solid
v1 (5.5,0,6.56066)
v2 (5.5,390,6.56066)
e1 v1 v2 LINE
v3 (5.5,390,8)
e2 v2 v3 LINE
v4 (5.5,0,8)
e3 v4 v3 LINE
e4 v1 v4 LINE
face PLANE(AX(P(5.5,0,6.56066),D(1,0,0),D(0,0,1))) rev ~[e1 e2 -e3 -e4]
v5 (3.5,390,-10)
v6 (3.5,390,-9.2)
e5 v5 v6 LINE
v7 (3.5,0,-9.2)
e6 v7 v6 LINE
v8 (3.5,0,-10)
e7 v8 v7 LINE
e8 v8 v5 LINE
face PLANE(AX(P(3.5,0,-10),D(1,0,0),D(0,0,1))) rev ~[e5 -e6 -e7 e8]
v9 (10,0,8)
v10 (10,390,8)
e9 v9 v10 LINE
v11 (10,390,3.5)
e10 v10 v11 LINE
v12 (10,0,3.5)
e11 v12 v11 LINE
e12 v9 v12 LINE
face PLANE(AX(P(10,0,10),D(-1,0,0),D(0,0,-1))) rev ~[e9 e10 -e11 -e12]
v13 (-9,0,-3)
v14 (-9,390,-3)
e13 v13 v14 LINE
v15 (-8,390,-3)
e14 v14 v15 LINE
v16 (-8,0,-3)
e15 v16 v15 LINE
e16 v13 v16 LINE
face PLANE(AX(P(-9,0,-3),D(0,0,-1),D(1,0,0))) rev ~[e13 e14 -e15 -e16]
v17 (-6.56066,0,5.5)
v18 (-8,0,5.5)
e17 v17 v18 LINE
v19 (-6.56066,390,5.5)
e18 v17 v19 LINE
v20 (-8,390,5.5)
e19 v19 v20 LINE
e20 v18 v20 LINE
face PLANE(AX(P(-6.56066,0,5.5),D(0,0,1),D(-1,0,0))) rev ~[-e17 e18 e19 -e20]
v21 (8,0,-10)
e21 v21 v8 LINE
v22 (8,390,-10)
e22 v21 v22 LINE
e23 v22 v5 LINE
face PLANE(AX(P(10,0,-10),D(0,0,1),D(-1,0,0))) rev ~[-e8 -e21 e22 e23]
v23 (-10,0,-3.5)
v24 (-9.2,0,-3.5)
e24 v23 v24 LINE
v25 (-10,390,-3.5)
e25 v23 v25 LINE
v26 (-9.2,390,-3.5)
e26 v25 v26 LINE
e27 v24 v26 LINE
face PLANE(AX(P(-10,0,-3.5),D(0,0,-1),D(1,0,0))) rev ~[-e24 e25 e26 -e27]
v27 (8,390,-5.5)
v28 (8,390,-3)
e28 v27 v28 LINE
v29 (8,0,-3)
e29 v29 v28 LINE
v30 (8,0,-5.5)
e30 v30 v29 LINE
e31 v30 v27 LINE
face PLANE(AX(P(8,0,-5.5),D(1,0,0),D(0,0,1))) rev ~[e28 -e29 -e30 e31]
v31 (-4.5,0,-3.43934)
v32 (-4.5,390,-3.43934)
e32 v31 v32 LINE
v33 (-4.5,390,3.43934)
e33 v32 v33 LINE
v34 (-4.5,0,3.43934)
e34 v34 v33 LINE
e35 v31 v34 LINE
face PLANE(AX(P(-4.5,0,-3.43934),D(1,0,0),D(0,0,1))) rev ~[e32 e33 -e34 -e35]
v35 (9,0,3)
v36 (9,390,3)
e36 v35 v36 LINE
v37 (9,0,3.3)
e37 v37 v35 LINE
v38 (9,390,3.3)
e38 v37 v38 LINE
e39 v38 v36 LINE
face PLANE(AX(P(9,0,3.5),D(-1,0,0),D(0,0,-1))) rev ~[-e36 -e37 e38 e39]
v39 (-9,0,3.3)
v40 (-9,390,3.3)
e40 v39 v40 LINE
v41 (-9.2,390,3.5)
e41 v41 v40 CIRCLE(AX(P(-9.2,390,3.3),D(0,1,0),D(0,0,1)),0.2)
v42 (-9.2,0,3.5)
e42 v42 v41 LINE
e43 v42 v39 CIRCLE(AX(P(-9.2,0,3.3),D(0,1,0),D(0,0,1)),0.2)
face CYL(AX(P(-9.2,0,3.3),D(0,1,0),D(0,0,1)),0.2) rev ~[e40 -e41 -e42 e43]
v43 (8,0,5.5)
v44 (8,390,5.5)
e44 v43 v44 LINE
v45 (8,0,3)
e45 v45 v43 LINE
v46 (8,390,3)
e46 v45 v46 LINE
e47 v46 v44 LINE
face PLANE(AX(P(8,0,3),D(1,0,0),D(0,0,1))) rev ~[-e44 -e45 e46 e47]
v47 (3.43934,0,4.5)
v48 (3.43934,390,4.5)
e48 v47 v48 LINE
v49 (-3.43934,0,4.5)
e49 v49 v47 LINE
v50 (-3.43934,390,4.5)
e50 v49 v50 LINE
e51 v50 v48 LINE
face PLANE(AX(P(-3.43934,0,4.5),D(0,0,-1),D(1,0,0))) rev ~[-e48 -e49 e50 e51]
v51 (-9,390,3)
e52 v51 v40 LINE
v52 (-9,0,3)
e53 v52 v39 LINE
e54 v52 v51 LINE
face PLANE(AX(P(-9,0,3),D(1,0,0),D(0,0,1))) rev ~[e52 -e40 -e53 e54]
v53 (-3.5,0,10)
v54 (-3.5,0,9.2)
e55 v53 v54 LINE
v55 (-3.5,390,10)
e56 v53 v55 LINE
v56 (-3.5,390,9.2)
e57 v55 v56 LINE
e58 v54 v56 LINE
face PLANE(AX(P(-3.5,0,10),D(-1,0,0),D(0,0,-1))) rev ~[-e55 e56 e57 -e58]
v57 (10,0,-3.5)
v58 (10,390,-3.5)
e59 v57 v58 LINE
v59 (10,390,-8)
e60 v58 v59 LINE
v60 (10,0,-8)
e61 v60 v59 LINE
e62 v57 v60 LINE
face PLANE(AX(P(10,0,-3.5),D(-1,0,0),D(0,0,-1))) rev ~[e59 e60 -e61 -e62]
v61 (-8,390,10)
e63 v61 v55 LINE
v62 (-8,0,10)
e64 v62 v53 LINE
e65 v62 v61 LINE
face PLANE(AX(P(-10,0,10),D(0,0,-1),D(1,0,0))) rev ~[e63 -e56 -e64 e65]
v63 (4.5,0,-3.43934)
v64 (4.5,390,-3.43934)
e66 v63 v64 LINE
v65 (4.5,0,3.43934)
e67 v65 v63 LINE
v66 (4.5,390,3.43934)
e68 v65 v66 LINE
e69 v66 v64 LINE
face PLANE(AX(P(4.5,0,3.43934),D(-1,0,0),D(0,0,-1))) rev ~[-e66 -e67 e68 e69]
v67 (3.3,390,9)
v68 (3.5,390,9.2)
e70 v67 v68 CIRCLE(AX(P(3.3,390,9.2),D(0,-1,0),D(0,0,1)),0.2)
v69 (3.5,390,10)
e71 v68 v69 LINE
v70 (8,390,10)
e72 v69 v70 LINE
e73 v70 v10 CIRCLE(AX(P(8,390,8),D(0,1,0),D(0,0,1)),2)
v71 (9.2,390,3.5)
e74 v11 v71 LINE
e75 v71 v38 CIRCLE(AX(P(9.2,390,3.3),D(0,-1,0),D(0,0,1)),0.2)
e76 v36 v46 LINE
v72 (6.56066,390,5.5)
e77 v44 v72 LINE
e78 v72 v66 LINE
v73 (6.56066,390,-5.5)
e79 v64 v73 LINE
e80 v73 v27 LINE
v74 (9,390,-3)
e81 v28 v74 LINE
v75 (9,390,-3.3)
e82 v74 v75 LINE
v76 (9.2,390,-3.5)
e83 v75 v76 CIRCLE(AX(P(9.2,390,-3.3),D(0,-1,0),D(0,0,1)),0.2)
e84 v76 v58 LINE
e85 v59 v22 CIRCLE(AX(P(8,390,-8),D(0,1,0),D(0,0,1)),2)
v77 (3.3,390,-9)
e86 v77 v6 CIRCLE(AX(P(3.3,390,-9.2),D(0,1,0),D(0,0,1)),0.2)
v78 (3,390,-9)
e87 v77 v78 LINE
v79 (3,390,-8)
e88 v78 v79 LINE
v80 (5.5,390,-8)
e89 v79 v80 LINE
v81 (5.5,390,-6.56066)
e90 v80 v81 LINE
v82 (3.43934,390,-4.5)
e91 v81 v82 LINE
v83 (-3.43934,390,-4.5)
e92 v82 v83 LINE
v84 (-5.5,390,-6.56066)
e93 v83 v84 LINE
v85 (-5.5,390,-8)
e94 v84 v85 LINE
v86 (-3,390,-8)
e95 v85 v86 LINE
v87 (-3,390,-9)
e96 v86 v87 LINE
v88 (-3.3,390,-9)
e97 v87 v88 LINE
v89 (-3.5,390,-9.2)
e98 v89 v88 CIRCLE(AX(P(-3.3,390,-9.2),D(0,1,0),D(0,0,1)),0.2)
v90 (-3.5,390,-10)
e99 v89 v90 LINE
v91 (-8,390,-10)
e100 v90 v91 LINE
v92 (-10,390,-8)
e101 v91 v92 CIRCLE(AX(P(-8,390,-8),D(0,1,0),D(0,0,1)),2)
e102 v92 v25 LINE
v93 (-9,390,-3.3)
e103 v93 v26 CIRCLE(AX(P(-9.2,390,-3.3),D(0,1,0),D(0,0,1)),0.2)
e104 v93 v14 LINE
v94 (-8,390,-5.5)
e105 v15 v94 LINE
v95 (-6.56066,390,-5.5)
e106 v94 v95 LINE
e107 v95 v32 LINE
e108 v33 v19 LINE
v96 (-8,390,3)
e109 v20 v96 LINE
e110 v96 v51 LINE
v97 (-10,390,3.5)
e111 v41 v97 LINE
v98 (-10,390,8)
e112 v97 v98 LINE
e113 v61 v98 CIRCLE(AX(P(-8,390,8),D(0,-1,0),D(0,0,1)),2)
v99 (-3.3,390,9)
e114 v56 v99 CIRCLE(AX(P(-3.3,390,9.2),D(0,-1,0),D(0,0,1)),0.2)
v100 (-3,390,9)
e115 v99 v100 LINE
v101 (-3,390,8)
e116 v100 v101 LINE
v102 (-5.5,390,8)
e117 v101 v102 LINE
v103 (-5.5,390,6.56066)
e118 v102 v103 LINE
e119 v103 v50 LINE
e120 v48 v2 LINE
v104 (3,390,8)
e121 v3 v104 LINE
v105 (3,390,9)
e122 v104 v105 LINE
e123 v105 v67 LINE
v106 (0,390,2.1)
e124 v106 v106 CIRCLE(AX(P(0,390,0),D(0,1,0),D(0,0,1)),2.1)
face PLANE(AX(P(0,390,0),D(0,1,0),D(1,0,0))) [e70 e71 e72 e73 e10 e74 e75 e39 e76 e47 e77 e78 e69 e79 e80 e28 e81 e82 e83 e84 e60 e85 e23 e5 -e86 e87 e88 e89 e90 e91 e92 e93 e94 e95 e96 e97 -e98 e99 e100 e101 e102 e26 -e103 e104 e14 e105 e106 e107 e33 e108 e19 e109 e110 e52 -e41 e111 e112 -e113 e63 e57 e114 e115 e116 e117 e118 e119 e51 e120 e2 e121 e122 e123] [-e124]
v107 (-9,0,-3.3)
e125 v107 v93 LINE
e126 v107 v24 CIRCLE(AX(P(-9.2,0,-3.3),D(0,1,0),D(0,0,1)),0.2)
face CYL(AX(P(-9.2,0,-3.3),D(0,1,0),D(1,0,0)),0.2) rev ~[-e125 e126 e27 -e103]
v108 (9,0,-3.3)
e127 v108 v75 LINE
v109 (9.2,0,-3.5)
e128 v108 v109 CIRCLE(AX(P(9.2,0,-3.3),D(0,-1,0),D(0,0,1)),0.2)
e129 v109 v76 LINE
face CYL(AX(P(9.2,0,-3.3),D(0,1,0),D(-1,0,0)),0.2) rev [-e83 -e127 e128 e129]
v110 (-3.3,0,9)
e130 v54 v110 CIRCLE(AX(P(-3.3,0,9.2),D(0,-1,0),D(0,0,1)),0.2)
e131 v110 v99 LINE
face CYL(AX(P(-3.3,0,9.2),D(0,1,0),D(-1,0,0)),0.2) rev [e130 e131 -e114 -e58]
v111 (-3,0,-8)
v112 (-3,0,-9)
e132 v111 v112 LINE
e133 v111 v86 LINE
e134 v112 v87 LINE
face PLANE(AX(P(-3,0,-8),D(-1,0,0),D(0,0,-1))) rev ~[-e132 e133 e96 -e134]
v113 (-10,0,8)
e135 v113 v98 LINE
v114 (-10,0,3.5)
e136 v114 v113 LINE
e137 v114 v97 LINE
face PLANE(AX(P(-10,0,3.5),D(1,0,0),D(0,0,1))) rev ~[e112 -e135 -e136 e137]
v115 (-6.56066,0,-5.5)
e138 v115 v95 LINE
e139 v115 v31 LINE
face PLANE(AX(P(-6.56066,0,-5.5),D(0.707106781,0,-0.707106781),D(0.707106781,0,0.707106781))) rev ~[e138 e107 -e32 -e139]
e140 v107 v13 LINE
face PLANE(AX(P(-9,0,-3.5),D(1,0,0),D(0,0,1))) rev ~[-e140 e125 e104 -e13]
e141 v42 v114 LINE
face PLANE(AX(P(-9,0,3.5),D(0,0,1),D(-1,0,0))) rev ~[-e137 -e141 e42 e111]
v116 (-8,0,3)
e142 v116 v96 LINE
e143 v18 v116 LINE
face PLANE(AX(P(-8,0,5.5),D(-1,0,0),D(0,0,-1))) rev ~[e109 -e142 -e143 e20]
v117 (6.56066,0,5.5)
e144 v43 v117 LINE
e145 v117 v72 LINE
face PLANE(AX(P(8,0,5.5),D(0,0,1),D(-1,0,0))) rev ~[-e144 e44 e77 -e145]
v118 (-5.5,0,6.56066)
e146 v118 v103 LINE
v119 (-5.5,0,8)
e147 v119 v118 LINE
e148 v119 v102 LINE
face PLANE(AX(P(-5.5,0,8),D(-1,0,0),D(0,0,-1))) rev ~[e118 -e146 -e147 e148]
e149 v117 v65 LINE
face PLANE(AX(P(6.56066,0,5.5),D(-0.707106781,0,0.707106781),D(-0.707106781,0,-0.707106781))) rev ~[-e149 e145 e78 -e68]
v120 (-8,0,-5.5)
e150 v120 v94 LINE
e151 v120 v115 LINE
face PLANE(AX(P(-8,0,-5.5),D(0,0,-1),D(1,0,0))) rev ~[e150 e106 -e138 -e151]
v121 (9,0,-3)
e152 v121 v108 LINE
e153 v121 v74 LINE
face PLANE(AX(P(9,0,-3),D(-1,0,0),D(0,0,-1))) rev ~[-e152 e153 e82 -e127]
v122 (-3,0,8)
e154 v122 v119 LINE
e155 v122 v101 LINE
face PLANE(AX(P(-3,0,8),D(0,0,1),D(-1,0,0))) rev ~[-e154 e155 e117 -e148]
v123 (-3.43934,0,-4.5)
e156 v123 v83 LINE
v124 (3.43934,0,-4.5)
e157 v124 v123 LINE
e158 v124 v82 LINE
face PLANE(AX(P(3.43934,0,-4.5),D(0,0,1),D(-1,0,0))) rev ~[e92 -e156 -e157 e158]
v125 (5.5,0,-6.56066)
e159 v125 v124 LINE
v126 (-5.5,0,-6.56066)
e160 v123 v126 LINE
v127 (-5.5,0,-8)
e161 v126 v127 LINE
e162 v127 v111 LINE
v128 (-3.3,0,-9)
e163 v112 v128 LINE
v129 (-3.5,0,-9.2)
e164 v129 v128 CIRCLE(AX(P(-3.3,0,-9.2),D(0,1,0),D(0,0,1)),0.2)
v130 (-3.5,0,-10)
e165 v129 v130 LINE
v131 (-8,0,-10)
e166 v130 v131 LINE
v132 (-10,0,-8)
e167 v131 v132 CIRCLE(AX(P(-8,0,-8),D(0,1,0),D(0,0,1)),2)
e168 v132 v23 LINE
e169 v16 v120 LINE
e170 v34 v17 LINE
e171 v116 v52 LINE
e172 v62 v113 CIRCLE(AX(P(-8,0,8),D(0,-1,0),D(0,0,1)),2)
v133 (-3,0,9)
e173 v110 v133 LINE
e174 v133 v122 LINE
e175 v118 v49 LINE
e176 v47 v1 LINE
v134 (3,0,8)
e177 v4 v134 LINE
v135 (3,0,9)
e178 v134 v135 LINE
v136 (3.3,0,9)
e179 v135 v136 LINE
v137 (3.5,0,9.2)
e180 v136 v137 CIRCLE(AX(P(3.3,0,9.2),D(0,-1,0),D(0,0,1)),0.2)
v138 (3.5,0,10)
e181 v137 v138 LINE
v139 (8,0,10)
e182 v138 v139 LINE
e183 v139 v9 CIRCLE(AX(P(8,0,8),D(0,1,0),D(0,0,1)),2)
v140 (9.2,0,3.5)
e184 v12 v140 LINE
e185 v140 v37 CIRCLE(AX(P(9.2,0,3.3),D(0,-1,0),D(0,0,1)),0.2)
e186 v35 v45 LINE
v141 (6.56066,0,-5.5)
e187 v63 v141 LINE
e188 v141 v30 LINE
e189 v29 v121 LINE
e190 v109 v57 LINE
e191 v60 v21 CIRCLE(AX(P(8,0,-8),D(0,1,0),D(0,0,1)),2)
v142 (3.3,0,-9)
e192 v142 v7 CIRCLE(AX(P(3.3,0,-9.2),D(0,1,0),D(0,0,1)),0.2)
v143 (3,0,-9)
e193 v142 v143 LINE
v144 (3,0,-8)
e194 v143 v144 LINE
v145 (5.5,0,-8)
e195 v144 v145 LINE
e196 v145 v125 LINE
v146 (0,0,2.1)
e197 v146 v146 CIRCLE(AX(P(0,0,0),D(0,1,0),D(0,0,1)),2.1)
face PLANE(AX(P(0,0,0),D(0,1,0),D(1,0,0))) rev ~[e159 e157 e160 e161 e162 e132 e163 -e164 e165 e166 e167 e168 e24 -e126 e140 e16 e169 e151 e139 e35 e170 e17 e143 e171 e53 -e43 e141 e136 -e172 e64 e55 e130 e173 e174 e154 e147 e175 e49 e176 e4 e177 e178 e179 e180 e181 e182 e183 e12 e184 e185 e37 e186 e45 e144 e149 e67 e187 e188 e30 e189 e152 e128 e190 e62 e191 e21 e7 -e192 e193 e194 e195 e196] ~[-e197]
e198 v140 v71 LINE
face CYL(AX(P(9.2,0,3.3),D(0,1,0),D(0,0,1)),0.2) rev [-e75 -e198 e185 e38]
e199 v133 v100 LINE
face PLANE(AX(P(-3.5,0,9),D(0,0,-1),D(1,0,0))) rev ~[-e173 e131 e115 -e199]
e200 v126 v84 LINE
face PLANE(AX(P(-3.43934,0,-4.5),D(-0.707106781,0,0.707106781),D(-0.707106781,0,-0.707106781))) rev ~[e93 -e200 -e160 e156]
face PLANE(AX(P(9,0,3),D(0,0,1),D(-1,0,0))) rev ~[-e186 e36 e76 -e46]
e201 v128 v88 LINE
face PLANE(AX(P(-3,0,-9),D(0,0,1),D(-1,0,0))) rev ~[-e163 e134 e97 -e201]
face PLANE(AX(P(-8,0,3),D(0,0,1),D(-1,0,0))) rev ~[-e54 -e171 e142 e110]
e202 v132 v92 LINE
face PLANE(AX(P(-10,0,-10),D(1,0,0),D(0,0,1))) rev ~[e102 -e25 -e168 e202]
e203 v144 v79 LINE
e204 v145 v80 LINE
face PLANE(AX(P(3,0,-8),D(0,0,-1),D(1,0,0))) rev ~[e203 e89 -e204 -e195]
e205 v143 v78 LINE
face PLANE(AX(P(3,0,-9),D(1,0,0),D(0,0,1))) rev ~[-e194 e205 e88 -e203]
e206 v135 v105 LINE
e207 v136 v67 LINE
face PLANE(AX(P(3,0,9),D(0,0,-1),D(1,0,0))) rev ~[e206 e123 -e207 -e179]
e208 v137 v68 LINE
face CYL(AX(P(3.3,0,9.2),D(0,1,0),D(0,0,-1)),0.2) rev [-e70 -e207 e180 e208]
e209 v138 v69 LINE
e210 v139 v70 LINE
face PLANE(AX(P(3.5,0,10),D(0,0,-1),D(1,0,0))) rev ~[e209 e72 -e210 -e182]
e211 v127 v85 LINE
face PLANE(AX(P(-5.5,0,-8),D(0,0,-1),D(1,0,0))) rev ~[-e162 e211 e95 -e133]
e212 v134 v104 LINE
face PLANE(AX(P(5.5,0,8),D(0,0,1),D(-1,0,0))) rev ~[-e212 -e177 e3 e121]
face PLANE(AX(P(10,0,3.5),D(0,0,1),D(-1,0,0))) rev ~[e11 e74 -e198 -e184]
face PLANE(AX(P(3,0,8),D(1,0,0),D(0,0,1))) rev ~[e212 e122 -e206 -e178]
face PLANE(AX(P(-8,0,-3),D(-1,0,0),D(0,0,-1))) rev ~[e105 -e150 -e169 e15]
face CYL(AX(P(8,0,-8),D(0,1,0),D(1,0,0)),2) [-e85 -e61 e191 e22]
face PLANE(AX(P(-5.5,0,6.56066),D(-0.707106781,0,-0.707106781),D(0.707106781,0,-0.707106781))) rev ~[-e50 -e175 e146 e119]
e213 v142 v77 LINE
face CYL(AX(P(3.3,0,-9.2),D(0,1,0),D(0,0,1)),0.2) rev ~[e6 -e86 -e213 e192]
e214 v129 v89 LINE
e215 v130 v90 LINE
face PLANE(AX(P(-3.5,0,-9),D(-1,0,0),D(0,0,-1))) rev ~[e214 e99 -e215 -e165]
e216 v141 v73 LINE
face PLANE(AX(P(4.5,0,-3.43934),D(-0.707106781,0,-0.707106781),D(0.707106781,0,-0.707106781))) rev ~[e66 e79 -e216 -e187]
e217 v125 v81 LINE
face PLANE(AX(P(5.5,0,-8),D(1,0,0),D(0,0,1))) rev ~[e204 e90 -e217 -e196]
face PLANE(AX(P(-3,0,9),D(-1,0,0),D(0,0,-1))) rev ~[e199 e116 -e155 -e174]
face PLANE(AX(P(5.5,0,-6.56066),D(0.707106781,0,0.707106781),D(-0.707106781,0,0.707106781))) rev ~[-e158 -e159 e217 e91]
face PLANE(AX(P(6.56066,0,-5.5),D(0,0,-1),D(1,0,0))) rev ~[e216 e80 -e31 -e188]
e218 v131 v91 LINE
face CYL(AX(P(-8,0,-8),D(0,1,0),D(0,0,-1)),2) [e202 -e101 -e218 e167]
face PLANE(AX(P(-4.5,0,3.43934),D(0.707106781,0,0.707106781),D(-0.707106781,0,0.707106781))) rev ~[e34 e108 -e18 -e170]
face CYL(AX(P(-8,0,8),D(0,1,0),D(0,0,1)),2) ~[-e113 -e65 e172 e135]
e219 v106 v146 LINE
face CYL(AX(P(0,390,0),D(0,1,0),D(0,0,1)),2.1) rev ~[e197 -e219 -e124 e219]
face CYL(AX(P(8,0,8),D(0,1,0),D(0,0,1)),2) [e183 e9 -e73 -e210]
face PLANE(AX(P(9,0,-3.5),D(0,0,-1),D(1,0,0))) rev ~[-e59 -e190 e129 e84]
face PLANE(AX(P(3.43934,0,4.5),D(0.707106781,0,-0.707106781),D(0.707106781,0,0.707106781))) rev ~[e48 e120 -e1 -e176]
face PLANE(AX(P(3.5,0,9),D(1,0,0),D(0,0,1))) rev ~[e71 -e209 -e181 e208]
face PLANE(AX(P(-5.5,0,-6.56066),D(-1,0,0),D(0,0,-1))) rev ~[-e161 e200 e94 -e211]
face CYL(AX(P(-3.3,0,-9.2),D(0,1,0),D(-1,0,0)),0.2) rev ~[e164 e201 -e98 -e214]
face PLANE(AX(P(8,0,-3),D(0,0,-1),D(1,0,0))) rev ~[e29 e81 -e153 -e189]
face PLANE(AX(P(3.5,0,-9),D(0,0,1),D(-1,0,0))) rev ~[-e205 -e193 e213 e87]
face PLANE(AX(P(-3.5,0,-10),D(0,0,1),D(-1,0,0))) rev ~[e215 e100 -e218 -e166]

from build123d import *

# Parameters (mm, degrees)
EXTRUDE_1_DEPTH     = 390
FILLET_1_R          = 2
FILLET_2_R          = 0.2
SKETCH_4_R          = 2.1
CUT_EXTRUDE_1_DEPTH = 391.256326022


with BuildPart() as part:
    # Эскиз3 → Бобышка-Вытянуть1 (new body)
    with BuildSketch(Plane(origin=(0, 0, 0), x_dir=(1, 0, 0), z_dir=(0, 1, 0))):
        Polygon((-10, -10), (-3.5, -10), (-3.5, -9), (-3, -9), (-3, -8), (-5.5, -8), (-5.5, -6.560660172), (-3.439339828, -4.5), (3.439339828, -4.5), (5.5, -6.560660172), (5.5, -8), (3, -8), (3, -9), (3.5, -9), (3.5, -10), (10, -10), (10, -3.5), (9, -3.5), (9, -3), (8, -3), (8, -5.5), (6.560660172, -5.5), (4.5, -3.439339828), (4.5, 3.439339828), (6.560660172, 5.5), (8, 5.5), (8, 3), (9, 3), (9, 3.5), (10, 3.5), (10, 10), (3.5, 10), (3.5, 9), (3, 9), (3, 8), (5.5, 8), (5.5, 6.560660172), (3.439339828, 4.5), (-3.439339828, 4.5), (-5.5, 6.560660172), (-5.5, 8), (-3, 8), (-3, 9), (-3.5, 9), (-3.5, 10), (-10, 10), (-10, 3.5), (-9, 3.5), (-9, 3), (-8, 3), (-8, 5.5), (-6.560660172, 5.5), (-4.5, 3.439339828), (-4.5, -3.439339828), (-6.560660172, -5.5), (-8, -5.5), (-8, -3), (-9, -3), (-9, -3.5), (-10, -3.5), align=None)
    extrude(amount=EXTRUDE_1_DEPTH)

    # Скругление1
    fillet_1_edges = [part.edges().sort_by_distance(p)[0] for p in [
        (-10, 195, 10),
        (-10, 195, -10),
        (10, 195, -10),
        (10, 195, 10),
    ]]
    fillet(fillet_1_edges, radius=FILLET_1_R)

    # Скругление2
    fillet_2_edges = [part.edges().sort_by_distance(p)[0] for p in [
        (-3.5, 195, 9),
        (-9, 195, 3.5),
        (-9, 195, -3.5),
        (-3.5, 195, -9),
        (3.5, 195, -9),
        (9, 195, -3.5),
        (9, 195, 3.5),
        (3.5, 195, 9),
    ]]
    fillet(fillet_2_edges, radius=FILLET_2_R)

    # Эскиз4 → Вырез-Вытянуть1 (cut, through all)
    with BuildSketch(Plane(origin=(0, 390, 0), x_dir=(1, 0, 0), z_dir=(0, 1, 0))):
        with Locations(Location((0, 0, 0), (0, 0, 270))):
            Circle(SKETCH_4_R)
    extrude(amount=-CUT_EXTRUDE_1_DEPTH, mode=Mode.SUBTRACT)


solid = part.part
